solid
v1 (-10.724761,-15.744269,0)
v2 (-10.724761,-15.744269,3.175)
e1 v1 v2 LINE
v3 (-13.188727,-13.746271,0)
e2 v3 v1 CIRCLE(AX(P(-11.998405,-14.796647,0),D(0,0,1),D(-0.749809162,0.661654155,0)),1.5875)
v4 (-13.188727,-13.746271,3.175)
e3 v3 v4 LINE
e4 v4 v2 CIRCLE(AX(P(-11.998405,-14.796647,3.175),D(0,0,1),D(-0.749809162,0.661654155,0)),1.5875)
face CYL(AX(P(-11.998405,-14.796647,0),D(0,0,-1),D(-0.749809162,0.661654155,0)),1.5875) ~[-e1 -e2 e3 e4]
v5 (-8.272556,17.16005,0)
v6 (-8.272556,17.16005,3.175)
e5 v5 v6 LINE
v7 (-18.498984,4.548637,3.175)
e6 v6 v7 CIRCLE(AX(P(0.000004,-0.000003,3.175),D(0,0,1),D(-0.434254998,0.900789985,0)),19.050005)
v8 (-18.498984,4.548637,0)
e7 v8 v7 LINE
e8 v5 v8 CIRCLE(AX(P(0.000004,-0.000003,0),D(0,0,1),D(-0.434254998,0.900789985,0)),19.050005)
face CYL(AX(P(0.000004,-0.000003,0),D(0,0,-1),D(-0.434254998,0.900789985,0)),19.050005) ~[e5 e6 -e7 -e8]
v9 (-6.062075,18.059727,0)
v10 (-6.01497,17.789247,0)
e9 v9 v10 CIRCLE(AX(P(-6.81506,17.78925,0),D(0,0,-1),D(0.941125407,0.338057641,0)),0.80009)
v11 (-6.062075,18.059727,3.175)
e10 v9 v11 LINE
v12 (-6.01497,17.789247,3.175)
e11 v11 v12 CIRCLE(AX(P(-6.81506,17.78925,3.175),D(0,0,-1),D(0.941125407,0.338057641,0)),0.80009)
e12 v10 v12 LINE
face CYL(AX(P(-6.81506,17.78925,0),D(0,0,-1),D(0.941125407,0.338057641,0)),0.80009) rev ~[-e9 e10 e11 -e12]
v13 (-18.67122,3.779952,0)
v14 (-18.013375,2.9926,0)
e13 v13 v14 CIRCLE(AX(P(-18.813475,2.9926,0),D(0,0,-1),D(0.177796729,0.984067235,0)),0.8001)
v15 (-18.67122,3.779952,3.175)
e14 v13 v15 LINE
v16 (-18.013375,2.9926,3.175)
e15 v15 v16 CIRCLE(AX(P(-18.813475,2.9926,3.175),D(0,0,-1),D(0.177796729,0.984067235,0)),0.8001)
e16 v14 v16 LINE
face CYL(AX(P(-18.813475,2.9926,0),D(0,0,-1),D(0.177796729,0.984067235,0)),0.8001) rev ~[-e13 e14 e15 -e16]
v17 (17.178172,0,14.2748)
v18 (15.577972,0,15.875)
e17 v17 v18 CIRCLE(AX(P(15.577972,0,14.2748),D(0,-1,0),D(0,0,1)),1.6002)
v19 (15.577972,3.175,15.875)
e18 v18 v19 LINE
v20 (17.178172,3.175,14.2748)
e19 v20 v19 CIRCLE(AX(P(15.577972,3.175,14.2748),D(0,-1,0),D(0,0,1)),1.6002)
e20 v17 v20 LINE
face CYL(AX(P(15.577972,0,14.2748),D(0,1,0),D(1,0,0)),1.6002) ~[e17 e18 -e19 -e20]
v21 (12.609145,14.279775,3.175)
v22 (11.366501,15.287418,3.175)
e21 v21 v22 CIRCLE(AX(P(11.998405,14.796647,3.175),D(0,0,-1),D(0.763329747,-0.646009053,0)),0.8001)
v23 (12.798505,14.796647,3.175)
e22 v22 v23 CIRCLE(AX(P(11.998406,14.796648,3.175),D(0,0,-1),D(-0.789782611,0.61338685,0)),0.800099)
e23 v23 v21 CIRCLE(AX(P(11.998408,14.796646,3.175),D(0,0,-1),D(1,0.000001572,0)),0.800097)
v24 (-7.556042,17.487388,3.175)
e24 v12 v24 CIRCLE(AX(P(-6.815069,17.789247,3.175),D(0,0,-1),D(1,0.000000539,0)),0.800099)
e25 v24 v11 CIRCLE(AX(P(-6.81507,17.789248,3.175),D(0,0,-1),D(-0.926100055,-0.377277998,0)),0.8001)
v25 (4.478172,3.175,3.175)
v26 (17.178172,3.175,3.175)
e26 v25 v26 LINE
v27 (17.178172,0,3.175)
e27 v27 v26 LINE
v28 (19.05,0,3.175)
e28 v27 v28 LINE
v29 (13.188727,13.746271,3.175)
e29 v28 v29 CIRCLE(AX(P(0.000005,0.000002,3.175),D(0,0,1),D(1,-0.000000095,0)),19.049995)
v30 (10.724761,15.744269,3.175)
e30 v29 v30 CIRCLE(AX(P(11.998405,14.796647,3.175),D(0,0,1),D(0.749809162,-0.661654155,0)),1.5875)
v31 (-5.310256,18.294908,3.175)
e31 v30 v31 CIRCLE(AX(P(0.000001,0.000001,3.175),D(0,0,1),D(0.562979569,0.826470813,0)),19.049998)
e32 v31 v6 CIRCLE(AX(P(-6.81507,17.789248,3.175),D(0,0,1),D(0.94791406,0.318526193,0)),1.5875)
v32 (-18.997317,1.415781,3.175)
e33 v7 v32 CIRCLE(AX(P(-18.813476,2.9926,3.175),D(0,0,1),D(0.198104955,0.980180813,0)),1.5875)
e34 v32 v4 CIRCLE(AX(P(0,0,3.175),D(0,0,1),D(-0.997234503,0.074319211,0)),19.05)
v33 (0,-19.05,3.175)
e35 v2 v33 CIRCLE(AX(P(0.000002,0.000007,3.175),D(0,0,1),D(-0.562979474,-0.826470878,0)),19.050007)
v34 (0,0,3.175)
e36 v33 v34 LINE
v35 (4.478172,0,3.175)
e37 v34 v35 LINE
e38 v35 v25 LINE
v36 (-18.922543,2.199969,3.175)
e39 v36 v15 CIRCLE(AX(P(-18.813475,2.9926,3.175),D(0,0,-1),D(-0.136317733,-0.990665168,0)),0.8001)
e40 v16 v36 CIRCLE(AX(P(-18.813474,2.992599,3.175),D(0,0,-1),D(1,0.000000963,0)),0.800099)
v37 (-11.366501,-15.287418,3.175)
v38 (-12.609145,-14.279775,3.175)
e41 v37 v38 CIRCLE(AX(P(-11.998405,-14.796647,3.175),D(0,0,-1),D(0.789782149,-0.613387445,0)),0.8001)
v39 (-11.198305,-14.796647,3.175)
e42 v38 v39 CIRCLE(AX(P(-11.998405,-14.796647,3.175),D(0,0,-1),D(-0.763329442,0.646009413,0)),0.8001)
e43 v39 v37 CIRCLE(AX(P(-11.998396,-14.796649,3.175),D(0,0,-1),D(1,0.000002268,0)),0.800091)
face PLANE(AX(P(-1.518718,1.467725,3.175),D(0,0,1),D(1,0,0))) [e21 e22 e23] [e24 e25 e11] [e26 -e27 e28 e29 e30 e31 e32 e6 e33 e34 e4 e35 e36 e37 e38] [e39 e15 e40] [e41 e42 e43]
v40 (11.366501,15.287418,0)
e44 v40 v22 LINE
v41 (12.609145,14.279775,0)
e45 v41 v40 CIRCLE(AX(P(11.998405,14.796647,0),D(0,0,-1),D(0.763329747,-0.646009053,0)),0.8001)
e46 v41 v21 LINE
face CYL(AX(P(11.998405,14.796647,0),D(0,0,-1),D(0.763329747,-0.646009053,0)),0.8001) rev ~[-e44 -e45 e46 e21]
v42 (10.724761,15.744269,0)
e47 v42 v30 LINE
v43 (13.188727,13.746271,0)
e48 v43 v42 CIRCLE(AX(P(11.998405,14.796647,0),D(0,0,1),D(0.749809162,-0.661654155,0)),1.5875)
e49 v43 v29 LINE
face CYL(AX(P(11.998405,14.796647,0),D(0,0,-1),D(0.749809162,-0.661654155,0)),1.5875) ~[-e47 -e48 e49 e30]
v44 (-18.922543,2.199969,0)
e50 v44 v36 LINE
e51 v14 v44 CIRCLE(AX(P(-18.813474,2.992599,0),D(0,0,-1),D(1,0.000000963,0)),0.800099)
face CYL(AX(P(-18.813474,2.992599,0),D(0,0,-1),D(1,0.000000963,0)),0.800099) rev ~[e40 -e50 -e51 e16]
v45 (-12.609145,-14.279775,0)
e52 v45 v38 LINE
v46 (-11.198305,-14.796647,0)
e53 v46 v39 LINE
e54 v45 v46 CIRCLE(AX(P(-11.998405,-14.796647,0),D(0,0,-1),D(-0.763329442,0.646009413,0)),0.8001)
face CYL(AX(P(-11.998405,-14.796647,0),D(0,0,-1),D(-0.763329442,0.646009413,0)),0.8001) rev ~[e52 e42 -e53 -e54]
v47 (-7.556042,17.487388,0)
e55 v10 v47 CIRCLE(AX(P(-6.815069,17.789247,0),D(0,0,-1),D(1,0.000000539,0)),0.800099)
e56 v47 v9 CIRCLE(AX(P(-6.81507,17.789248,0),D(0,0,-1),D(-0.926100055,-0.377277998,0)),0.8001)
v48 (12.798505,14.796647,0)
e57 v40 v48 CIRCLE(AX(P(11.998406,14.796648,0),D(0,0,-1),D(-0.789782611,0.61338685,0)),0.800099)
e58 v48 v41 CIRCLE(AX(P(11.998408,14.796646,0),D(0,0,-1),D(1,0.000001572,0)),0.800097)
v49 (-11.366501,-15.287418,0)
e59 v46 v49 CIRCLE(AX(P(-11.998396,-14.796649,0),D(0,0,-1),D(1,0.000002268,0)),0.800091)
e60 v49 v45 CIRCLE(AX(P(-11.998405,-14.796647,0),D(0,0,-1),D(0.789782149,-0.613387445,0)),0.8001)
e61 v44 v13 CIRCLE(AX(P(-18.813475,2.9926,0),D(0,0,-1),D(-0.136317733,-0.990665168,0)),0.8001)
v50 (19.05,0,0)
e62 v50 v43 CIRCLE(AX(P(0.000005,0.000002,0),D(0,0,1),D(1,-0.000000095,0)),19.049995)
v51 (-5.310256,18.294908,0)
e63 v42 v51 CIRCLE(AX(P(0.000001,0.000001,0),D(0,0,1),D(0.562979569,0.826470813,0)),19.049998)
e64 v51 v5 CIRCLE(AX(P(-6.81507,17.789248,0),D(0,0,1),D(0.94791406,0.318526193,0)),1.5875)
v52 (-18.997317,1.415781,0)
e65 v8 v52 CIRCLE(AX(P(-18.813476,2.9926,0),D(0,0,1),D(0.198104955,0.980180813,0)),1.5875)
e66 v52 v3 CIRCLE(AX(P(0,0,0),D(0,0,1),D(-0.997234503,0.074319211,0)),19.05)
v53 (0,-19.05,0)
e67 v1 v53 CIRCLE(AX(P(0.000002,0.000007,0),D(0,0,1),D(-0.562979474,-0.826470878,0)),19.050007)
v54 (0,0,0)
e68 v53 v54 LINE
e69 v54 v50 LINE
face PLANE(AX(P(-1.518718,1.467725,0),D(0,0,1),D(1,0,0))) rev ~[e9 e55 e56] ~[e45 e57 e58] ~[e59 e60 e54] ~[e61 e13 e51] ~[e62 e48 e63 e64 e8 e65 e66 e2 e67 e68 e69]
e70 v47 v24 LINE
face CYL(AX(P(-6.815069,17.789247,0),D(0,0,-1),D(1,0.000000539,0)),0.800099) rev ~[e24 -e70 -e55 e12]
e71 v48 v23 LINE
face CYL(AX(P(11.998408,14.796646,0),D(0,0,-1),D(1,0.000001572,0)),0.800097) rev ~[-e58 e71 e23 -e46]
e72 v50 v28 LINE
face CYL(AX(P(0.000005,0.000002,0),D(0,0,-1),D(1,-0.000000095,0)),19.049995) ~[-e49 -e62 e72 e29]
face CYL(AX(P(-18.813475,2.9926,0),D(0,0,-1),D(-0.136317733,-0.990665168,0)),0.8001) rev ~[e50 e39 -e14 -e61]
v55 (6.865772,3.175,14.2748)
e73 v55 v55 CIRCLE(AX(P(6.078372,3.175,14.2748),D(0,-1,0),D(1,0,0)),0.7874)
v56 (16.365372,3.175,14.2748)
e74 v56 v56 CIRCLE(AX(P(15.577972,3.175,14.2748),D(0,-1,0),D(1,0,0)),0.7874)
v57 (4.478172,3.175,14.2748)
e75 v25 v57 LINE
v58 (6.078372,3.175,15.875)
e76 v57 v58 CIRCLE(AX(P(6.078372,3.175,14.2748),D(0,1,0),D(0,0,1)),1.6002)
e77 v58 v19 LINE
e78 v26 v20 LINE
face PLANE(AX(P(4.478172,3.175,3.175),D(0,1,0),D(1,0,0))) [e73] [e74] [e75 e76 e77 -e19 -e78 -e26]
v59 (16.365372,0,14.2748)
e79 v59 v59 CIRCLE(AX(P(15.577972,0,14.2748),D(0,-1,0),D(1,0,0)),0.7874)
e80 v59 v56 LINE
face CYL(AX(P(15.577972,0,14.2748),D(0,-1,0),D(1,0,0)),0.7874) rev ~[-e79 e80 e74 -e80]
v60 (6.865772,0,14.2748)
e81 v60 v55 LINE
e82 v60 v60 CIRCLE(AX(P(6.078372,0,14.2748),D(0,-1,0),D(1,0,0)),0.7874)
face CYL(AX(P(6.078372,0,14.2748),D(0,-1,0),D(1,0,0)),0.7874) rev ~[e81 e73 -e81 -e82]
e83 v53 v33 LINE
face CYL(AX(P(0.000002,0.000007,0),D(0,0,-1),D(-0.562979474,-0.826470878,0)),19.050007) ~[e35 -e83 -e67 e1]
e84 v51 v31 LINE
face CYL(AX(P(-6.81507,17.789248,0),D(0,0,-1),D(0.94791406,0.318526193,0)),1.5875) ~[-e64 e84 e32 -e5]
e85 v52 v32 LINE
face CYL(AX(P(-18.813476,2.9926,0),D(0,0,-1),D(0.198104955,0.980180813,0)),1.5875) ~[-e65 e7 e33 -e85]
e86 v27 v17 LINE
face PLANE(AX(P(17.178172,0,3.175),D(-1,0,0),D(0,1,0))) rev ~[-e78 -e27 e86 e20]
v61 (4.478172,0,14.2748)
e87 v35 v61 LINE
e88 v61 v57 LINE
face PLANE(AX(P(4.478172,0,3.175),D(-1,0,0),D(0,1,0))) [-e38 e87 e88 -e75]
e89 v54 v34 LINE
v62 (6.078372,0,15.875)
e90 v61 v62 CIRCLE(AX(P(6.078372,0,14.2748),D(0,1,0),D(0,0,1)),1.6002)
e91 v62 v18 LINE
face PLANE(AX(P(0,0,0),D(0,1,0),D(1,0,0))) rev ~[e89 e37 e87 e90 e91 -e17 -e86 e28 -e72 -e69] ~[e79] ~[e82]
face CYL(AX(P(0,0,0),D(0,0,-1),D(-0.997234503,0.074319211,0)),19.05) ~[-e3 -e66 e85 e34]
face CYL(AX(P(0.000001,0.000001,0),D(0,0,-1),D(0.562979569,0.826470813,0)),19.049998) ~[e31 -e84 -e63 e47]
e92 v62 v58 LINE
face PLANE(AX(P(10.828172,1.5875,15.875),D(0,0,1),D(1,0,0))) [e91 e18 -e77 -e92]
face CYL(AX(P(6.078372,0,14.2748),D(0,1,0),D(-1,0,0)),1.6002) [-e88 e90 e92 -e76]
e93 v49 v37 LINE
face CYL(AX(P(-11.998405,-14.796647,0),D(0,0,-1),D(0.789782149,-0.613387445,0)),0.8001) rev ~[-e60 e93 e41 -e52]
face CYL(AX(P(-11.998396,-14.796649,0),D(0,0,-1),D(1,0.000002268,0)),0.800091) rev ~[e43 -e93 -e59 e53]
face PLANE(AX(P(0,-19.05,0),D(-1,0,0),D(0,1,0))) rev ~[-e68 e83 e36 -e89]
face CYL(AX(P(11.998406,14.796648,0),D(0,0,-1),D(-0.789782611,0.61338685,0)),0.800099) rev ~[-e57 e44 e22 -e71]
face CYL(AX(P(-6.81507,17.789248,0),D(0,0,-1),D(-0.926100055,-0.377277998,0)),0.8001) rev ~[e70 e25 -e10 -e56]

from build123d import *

# Parameters (mm, degrees)
F1_DEPTH = 3.175
F2_W     = 12.7
F2_H     = 3.175
F3_DEPTH = 12.7
F4_R     = 1.6002
F5_R     = 0.7874
F6_DEPTH = 19.377747


with BuildPart() as f1:
    # F0 (on Top) → F1 (new body)
    with BuildSketch(Plane.XY):
        with BuildLine():
            Line((0, 0), (19.05, 0))
            ThreePointArc((19.05, 0), (17.523524, 7.471855), (13.188727, 13.746271))
            ThreePointArc((13.188727, 13.746271), (12.901694, 14.016019), (12.609145, 14.279775))
            ThreePointArc((12.609145, 14.279775), (11.494472, 14.175188), (11.366501, 15.287418))
            ThreePointArc((11.366501, 15.287418), (11.047993, 15.519161), (10.724761, 15.744269))
            ThreePointArc((10.724761, 15.744269), (2.9926, 18.813475), (-5.310256, 18.294908))
            ThreePointArc((-5.310256, 18.294908), (-5.687382, 18.181204), (-6.062075, 18.059727))
            ThreePointArc((-6.062075, 18.059727), (-6.026834, 17.926523), (-6.01497, 17.789247))
            ThreePointArc((-6.01497, 17.789247), (-6.661272, 17.004068), (-7.556042, 17.487388))
            ThreePointArc((-7.556042, 17.487388), (-7.915991, 17.327423), (-8.272556, 17.16005))
            ThreePointArc((-8.272556, 17.16005), (-14.796647, 11.998405), (-18.498984, 4.548637))
            ThreePointArc((-18.498984, 4.548637), (-18.589076, 4.165185), (-18.67122, 3.779952))
            ThreePointArc((-18.67122, 3.779952), (-18.199481, 3.505602), (-18.013375, 2.9926))
            ThreePointArc((-18.013375, 2.9926), (-18.287692, 2.389514), (-18.922543, 2.199969))
            ThreePointArc((-18.922543, 2.199969), (-18.963984, 1.808262), (-18.997317, 1.415781))
            ThreePointArc((-18.997317, 1.415781), (-17.789247, -6.81507), (-13.188727, -13.746271))
            ThreePointArc((-13.188727, -13.746271), (-12.901694, -14.016019), (-12.609145, -14.279775))
            ThreePointArc((-12.609145, -14.279775), (-11.723172, -14.045377), (-11.198305, -14.796647))
            ThreePointArc((-11.198305, -14.796647), (-11.241521, -15.056044), (-11.366501, -15.287418))
            ThreePointArc((-11.366501, -15.287418), (-11.047993, -15.519161), (-10.724761, -15.744269))
            ThreePointArc((-10.724761, -15.744269), (-5.611336, -18.204818), (0, -19.05))
            Line((0, -19.05), (0, 0))
        make_face()
        with BuildLine():
            ThreePointArc((12.609145, 14.279775), (12.901694, 14.016019), (13.188727, 13.746271))
            ThreePointArc((13.188727, 13.746271), (12.998272, 16.029701), (10.724761, 15.744269))
            ThreePointArc((10.724761, 15.744269), (11.047993, 15.519161), (11.366501, 15.287418))
            ThreePointArc((11.366501, 15.287418), (12.257802, 15.553531), (12.798505, 14.796647))
            ThreePointArc((12.798505, 14.796647), (12.749675, 14.521413), (12.609145, 14.279775))
        make_face()
        with BuildLine():
            ThreePointArc((-6.062075, 18.059727), (-5.687382, 18.181204), (-5.310256, 18.294908))
            ThreePointArc((-5.310256, 18.294908), (-7.382992, 19.271685), (-8.272556, 17.16005))
            ThreePointArc((-8.272556, 17.16005), (-7.915991, 17.327423), (-7.556042, 17.487388))
            ThreePointArc((-7.556042, 17.487388), (-7.101303, 18.536396), (-6.062075, 18.059727))
        make_face()
        with BuildLine():
            ThreePointArc((-13.188727, -13.746271), (-12.998272, -16.029701), (-10.724761, -15.744269))
            ThreePointArc((-10.724761, -15.744269), (-11.047993, -15.519161), (-11.366501, -15.287418))
            ThreePointArc((-11.366501, -15.287418), (-12.502338, -15.418106), (-12.609145, -14.279775))
            ThreePointArc((-12.609145, -14.279775), (-12.901694, -14.016019), (-13.188727, -13.746271))
        make_face()
        with BuildLine():
            ThreePointArc((-18.67122, 3.779952), (-18.589076, 4.165185), (-18.498984, 4.548637))
            ThreePointArc((-18.498984, 4.548637), (-20.381265, 3.241984), (-18.997317, 1.415781))
            ThreePointArc((-18.997317, 1.415781), (-18.963984, 1.808262), (-18.922543, 2.199969))
            ThreePointArc((-18.922543, 2.199969), (-19.603641, 3.118289), (-18.67122, 3.779952))
        make_face()
    extrude(amount=F1_DEPTH)

    # F2 (on face) → F3 (join)
    with BuildSketch(Plane.XY.offset(3.175)):
        with Locations((10.828172, 1.5875)):
            Rectangle(F2_W, F2_H)
    extrude(amount=F3_DEPTH)

    # F4
    f4_edges = [f1.edges().sort_by_distance(p)[0] for p in [
        (17.178172, 1.5875, 15.875),
        (4.478172, 1.5875, 15.875),
    ]]
    fillet(f4_edges, radius=F4_R)

    # F5 (on face) → F6 (cut, through all)
    with BuildSketch(Plane.XZ):
        with Locations((15.577972, 14.2748)):
            Circle(F5_R)
        with Locations((6.078372, 14.2748)):
            Circle(F5_R)
    extrude(amount=-F6_DEPTH, mode=Mode.SUBTRACT)


solid = f1.part
